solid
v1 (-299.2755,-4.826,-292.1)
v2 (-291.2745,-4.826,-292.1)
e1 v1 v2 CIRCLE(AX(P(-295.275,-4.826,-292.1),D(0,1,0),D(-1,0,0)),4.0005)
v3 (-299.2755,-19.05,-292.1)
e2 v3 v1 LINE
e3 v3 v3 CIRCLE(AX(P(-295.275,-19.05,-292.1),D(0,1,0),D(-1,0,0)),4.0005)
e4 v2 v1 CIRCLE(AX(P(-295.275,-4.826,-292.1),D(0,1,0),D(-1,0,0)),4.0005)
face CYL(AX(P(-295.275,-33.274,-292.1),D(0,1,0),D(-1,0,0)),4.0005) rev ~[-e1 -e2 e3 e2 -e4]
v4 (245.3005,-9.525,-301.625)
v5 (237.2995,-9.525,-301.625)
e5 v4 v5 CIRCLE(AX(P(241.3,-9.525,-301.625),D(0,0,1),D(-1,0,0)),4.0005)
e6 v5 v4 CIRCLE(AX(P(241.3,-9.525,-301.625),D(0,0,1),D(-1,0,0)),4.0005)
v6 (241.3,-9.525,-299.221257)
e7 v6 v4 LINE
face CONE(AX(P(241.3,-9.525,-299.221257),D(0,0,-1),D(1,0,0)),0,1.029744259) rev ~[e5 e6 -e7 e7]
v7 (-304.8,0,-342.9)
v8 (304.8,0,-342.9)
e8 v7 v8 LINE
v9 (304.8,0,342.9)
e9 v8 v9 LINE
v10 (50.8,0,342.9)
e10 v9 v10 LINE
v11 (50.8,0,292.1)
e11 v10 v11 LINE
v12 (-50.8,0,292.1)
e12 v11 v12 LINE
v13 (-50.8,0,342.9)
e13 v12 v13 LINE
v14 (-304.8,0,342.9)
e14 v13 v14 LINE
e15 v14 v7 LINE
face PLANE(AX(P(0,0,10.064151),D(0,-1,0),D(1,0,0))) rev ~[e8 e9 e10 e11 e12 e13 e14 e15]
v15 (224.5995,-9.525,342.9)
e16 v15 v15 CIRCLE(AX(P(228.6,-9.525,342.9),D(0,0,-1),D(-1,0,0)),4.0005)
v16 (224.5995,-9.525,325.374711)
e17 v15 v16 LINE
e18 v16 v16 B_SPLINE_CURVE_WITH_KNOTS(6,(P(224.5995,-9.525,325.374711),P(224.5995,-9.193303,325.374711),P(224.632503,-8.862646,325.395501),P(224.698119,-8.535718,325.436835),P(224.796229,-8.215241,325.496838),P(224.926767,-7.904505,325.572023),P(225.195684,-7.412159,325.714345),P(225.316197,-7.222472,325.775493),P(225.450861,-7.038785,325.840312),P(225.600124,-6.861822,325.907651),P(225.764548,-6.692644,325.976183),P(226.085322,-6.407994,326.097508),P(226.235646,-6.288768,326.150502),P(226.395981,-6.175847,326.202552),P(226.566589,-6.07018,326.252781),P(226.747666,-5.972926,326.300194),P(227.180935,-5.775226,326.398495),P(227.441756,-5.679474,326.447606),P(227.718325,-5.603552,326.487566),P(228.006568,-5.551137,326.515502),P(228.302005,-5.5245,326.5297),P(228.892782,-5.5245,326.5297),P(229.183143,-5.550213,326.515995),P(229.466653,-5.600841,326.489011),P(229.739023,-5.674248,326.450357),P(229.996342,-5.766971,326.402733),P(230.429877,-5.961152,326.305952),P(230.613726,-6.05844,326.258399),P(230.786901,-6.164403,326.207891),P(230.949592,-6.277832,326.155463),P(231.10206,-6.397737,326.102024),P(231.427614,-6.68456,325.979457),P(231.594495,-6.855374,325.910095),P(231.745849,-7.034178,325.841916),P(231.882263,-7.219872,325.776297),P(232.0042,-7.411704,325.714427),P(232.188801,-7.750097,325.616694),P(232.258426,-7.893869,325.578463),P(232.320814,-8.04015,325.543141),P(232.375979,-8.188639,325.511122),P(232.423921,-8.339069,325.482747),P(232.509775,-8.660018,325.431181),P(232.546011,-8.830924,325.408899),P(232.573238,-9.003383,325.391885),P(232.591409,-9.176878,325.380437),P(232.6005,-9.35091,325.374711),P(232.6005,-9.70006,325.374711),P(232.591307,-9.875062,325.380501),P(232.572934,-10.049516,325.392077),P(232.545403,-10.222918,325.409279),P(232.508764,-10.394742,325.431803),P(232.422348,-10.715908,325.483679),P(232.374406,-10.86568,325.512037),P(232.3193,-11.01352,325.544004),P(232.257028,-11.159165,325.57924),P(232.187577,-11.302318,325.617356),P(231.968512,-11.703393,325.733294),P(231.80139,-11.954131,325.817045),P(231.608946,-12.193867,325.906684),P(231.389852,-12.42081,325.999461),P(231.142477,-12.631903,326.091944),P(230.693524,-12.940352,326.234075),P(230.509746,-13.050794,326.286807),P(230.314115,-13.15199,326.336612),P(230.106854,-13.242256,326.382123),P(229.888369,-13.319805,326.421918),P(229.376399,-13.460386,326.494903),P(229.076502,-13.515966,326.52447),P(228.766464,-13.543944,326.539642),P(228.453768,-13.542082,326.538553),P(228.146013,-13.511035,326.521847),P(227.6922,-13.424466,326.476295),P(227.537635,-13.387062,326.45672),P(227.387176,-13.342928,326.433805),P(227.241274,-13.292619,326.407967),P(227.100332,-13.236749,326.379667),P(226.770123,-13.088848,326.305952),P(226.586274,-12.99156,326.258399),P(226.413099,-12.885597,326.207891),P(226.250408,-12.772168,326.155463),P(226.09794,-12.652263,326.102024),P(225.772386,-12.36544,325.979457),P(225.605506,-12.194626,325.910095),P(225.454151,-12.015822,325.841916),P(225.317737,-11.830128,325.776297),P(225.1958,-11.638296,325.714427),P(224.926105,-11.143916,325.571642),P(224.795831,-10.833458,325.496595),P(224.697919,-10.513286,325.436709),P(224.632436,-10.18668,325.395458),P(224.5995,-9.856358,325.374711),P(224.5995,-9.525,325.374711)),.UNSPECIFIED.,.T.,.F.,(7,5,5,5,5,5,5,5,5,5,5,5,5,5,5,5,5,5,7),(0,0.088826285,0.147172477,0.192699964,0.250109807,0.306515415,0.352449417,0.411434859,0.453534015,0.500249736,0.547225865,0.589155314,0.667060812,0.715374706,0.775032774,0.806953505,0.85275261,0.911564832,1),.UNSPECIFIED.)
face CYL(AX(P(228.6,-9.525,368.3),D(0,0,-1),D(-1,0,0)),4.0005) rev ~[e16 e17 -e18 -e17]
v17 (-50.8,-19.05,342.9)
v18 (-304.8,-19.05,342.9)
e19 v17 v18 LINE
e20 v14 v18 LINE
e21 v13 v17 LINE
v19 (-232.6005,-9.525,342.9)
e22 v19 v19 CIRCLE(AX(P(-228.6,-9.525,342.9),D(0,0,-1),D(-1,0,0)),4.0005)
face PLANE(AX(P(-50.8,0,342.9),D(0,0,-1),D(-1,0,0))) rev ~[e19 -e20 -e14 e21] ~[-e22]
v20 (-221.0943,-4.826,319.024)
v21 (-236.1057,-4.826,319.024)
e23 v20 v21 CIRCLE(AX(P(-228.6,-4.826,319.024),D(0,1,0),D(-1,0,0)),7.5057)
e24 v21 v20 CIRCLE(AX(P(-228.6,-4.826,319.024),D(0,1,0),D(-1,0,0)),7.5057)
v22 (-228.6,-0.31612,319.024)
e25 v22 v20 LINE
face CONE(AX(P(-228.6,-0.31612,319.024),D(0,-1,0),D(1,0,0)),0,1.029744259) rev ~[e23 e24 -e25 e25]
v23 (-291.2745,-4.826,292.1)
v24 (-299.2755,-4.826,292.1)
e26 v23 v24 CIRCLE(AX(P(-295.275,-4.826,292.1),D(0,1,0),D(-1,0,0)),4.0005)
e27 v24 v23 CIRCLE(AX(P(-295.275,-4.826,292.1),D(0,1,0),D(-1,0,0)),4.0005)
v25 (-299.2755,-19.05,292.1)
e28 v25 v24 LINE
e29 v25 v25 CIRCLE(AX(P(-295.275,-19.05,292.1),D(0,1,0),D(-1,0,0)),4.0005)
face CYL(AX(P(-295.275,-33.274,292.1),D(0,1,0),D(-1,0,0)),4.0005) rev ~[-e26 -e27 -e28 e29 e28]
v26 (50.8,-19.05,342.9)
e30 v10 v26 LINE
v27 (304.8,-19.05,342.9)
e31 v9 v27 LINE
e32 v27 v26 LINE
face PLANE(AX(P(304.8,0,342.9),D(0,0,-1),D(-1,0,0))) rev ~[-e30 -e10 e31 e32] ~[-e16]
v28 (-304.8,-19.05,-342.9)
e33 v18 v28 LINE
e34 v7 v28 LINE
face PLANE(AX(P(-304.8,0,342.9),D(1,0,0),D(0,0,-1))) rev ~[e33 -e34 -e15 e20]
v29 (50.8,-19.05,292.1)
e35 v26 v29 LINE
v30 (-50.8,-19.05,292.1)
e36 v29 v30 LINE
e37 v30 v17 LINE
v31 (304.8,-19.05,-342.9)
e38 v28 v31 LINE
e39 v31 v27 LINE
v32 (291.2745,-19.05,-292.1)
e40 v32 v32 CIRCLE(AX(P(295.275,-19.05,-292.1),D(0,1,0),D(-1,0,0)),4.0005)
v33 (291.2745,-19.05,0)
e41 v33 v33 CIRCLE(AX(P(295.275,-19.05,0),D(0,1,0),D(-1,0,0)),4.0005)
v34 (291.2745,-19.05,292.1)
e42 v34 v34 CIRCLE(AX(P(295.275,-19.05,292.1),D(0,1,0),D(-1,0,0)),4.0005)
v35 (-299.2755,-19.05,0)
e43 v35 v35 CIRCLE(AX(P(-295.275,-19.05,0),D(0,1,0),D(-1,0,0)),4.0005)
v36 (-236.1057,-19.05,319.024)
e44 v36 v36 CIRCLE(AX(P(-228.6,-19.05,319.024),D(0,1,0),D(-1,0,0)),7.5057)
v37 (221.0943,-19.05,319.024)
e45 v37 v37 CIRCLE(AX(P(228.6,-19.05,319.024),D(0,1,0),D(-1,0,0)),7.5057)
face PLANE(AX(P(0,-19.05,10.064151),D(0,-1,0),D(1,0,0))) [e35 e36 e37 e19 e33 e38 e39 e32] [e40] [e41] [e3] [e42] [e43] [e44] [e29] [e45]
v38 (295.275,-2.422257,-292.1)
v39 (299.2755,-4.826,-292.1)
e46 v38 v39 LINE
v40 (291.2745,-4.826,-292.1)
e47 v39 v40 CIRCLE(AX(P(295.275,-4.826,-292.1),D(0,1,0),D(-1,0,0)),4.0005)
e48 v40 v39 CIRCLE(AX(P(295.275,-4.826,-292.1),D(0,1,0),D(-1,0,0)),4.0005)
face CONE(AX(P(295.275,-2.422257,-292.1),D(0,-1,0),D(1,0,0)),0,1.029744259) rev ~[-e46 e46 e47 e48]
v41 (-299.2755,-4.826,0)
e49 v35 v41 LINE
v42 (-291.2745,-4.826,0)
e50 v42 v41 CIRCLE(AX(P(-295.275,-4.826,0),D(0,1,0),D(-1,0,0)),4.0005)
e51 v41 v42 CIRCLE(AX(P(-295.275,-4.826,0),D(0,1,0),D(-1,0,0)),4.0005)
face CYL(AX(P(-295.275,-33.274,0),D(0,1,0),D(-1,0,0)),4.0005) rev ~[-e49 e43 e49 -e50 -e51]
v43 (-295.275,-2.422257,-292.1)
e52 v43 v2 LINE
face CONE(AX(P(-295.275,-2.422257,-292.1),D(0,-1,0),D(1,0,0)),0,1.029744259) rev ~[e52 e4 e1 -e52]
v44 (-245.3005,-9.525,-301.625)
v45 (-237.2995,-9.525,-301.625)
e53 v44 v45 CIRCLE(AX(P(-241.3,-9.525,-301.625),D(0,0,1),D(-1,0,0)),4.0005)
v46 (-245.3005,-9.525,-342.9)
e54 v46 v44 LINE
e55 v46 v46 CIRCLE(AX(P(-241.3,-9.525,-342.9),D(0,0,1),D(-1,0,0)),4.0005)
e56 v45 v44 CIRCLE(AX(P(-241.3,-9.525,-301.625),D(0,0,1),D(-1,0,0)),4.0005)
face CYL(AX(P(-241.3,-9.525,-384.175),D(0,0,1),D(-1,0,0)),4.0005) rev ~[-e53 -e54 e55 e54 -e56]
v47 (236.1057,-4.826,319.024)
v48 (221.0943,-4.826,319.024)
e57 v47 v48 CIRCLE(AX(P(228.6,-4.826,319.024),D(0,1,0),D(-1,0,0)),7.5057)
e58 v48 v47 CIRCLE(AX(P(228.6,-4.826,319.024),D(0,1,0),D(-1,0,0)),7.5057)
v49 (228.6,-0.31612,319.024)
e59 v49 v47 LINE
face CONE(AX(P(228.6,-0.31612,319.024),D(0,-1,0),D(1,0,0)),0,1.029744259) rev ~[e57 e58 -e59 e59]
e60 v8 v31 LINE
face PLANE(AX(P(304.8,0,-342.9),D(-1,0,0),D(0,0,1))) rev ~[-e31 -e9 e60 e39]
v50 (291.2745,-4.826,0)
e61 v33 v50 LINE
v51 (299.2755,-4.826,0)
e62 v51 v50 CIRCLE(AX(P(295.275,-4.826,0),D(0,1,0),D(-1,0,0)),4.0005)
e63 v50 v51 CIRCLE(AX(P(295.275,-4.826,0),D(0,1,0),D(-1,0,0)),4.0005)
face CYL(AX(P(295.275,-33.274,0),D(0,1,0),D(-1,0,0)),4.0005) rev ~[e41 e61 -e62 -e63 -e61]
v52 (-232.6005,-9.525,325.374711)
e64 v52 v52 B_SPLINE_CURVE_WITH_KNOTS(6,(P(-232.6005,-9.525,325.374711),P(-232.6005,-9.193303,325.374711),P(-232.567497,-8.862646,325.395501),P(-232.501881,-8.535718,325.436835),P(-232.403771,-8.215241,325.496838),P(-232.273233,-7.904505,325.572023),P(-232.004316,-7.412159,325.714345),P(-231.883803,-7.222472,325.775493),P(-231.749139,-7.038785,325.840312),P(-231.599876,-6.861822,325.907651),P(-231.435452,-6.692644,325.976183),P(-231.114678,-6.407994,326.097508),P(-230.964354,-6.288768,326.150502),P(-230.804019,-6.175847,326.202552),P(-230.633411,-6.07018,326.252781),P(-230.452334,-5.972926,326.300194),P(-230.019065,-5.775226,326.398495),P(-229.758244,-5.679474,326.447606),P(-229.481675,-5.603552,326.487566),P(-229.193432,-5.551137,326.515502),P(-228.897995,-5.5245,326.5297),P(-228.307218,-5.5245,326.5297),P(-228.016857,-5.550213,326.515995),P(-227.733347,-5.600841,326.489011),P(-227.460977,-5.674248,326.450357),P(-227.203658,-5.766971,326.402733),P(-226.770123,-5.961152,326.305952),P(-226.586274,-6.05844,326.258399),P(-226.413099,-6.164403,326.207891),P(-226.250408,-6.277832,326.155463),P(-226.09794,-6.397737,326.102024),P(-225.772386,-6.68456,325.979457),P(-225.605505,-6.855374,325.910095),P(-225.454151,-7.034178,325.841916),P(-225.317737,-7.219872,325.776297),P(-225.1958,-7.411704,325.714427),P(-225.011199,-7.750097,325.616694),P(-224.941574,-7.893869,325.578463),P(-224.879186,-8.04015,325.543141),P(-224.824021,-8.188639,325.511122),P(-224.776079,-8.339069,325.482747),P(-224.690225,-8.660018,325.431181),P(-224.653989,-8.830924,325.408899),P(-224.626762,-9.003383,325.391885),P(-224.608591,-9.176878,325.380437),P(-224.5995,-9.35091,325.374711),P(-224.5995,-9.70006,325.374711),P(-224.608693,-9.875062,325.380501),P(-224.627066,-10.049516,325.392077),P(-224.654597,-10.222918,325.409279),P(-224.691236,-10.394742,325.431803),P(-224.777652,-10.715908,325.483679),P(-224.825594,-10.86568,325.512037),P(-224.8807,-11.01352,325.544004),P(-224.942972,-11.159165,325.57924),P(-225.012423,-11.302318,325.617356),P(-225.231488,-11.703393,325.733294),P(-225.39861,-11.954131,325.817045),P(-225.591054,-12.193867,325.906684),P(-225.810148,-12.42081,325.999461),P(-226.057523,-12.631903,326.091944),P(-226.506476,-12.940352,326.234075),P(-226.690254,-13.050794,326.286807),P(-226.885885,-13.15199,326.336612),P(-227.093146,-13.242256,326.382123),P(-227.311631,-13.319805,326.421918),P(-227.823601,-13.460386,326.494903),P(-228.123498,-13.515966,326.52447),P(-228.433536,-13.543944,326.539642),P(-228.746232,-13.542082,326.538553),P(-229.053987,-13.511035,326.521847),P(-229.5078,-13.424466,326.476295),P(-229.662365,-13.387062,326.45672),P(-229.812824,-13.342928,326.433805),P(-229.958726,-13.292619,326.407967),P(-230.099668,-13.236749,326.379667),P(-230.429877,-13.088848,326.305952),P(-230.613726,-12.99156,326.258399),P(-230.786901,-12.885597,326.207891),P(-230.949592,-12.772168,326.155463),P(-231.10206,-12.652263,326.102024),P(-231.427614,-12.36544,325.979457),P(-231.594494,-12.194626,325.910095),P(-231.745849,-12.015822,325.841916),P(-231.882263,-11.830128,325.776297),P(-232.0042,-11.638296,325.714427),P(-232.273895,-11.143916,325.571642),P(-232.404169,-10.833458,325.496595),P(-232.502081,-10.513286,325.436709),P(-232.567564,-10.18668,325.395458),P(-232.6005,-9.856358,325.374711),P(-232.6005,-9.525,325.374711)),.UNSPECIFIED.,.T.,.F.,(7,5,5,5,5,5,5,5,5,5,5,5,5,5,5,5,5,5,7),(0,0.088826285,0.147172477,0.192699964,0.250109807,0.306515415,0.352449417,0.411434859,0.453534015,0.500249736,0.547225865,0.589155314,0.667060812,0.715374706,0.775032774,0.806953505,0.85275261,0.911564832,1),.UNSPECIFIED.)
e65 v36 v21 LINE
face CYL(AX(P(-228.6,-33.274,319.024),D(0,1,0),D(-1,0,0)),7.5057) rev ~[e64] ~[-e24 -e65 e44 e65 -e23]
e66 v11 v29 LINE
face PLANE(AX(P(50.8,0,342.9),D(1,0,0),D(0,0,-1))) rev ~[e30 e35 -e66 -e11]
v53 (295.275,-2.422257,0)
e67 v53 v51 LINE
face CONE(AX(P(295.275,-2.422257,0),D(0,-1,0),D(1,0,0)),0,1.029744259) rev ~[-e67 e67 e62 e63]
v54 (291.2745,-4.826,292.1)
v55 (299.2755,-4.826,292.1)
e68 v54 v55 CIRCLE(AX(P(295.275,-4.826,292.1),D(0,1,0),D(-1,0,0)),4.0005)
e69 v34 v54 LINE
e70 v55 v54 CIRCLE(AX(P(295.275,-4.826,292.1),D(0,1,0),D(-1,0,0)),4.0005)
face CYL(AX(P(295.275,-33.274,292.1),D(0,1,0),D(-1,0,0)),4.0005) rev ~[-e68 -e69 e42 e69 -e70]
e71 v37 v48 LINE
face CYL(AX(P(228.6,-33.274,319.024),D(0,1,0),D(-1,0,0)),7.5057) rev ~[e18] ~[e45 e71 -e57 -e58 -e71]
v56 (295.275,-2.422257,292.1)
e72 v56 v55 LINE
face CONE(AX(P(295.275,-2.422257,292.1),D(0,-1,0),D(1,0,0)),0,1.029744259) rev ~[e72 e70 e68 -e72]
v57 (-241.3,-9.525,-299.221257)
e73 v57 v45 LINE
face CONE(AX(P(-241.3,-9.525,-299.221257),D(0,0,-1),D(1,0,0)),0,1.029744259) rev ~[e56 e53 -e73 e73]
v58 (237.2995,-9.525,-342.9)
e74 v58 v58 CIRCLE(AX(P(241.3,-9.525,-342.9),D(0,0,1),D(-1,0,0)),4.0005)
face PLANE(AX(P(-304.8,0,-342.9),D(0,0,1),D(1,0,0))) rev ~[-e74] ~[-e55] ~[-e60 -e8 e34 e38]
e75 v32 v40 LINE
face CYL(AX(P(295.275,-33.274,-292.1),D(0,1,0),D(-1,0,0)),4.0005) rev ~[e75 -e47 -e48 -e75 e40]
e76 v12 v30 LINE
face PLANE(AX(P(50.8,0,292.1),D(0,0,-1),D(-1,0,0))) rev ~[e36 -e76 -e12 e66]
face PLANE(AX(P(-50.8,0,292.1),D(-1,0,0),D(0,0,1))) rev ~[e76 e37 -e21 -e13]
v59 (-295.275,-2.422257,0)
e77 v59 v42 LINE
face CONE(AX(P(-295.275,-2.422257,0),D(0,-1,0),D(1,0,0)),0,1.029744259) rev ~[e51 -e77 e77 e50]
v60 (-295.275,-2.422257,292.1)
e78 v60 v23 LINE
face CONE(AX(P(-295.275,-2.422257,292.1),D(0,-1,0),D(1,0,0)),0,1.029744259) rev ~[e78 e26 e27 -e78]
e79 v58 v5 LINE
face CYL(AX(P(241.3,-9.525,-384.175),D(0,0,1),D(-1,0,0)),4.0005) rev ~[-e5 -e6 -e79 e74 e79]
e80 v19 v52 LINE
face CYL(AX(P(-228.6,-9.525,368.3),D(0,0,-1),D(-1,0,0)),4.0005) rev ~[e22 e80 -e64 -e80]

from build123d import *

# Parameters (mm, degrees)
F1_DEPTH       = 19.05
F3_D           = 15.0114
F3_DEPTH       = 14.224
F3_TIP         = 4.5098795482
F6_D           = 8.001
F6_DEPTH       = 25.4
F6_TIP         = 2.4037429064
F6_ON_F5_D     = 8.001
F6_ON_F5_DEPTH = 25.4
F6_ON_F5_TIP   = 2.4037429064
F8_D           = 8.001
F8_DEPTH       = 14.224
F8_TIP         = 2.4037429064
F10_D          = 8.001
F10_DEPTH      = 41.275
F10_TIP        = 2.4037429064


with BuildPart() as f1:
    # F0 (on Front) → F1 (new body)
    with BuildSketch(Plane.XZ):
        Polygon((-304.8, -342.9), (304.8, -342.9), (304.8, 342.9), (50.8, 342.9), (50.8, 292.1), (-50.8, 292.1), (-50.8, 342.9), (-304.8, 342.9), align=None)
    extrude(amount=F1_DEPTH)

    # F3
    with Locations(Plane.XZ.offset(19.05)):
        with Locations((-228.6, 319.024), (228.6, 319.024)):
            Hole(F3_D / 2, depth=F3_DEPTH)
            with Locations((0, 0, -(F3_DEPTH + F3_TIP / 2))):  # 118° drill point
                Cone(0, F3_D / 2, F3_TIP, mode=Mode.SUBTRACT)

    # F6
    with Locations(Plane.XY.offset(342.9)):
        with Locations((-228.6, -9.525)):
            Hole(F6_D / 2, depth=F6_DEPTH)
            with Locations((0, 0, -(F6_DEPTH + F6_TIP / 2))):  # 118° drill point
                Cone(0, F6_D / 2, F6_TIP, mode=Mode.SUBTRACT)

    # F6 on F5
    with Locations(Plane.XY.offset(342.9)):
        with Locations((228.6, -9.525)):
            Hole(F6_ON_F5_D / 2, depth=F6_ON_F5_DEPTH)
            with Locations((0, 0, -(F6_ON_F5_DEPTH + F6_ON_F5_TIP / 2))):  # 118° drill point
                Cone(0, F6_ON_F5_D / 2, F6_ON_F5_TIP, mode=Mode.SUBTRACT)

    # F8
    with Locations(Plane.XZ.offset(19.05)):
        with Locations((-295.275, 292.1), (-295.275, 0), (-295.275, -292.1), (295.275, -292.1), (295.275, 0), (295.275, 292.1)):
            Hole(F8_D / 2, depth=F8_DEPTH)
            with Locations((0, 0, -(F8_DEPTH + F8_TIP / 2))):  # 118° drill point
                Cone(0, F8_D / 2, F8_TIP, mode=Mode.SUBTRACT)

    # F10
    with Locations(Plane(origin=(0, 0, -342.9), x_dir=(1, 0, 0), z_dir=(0, 0, -1))):
        with Locations((-241.3, 9.525), (241.3, 9.525)):
            Hole(F10_D / 2, depth=F10_DEPTH)
            with Locations((0, 0, -(F10_DEPTH + F10_TIP / 2))):  # 118° drill point
                Cone(0, F10_D / 2, F10_TIP, mode=Mode.SUBTRACT)


solid = f1.part
